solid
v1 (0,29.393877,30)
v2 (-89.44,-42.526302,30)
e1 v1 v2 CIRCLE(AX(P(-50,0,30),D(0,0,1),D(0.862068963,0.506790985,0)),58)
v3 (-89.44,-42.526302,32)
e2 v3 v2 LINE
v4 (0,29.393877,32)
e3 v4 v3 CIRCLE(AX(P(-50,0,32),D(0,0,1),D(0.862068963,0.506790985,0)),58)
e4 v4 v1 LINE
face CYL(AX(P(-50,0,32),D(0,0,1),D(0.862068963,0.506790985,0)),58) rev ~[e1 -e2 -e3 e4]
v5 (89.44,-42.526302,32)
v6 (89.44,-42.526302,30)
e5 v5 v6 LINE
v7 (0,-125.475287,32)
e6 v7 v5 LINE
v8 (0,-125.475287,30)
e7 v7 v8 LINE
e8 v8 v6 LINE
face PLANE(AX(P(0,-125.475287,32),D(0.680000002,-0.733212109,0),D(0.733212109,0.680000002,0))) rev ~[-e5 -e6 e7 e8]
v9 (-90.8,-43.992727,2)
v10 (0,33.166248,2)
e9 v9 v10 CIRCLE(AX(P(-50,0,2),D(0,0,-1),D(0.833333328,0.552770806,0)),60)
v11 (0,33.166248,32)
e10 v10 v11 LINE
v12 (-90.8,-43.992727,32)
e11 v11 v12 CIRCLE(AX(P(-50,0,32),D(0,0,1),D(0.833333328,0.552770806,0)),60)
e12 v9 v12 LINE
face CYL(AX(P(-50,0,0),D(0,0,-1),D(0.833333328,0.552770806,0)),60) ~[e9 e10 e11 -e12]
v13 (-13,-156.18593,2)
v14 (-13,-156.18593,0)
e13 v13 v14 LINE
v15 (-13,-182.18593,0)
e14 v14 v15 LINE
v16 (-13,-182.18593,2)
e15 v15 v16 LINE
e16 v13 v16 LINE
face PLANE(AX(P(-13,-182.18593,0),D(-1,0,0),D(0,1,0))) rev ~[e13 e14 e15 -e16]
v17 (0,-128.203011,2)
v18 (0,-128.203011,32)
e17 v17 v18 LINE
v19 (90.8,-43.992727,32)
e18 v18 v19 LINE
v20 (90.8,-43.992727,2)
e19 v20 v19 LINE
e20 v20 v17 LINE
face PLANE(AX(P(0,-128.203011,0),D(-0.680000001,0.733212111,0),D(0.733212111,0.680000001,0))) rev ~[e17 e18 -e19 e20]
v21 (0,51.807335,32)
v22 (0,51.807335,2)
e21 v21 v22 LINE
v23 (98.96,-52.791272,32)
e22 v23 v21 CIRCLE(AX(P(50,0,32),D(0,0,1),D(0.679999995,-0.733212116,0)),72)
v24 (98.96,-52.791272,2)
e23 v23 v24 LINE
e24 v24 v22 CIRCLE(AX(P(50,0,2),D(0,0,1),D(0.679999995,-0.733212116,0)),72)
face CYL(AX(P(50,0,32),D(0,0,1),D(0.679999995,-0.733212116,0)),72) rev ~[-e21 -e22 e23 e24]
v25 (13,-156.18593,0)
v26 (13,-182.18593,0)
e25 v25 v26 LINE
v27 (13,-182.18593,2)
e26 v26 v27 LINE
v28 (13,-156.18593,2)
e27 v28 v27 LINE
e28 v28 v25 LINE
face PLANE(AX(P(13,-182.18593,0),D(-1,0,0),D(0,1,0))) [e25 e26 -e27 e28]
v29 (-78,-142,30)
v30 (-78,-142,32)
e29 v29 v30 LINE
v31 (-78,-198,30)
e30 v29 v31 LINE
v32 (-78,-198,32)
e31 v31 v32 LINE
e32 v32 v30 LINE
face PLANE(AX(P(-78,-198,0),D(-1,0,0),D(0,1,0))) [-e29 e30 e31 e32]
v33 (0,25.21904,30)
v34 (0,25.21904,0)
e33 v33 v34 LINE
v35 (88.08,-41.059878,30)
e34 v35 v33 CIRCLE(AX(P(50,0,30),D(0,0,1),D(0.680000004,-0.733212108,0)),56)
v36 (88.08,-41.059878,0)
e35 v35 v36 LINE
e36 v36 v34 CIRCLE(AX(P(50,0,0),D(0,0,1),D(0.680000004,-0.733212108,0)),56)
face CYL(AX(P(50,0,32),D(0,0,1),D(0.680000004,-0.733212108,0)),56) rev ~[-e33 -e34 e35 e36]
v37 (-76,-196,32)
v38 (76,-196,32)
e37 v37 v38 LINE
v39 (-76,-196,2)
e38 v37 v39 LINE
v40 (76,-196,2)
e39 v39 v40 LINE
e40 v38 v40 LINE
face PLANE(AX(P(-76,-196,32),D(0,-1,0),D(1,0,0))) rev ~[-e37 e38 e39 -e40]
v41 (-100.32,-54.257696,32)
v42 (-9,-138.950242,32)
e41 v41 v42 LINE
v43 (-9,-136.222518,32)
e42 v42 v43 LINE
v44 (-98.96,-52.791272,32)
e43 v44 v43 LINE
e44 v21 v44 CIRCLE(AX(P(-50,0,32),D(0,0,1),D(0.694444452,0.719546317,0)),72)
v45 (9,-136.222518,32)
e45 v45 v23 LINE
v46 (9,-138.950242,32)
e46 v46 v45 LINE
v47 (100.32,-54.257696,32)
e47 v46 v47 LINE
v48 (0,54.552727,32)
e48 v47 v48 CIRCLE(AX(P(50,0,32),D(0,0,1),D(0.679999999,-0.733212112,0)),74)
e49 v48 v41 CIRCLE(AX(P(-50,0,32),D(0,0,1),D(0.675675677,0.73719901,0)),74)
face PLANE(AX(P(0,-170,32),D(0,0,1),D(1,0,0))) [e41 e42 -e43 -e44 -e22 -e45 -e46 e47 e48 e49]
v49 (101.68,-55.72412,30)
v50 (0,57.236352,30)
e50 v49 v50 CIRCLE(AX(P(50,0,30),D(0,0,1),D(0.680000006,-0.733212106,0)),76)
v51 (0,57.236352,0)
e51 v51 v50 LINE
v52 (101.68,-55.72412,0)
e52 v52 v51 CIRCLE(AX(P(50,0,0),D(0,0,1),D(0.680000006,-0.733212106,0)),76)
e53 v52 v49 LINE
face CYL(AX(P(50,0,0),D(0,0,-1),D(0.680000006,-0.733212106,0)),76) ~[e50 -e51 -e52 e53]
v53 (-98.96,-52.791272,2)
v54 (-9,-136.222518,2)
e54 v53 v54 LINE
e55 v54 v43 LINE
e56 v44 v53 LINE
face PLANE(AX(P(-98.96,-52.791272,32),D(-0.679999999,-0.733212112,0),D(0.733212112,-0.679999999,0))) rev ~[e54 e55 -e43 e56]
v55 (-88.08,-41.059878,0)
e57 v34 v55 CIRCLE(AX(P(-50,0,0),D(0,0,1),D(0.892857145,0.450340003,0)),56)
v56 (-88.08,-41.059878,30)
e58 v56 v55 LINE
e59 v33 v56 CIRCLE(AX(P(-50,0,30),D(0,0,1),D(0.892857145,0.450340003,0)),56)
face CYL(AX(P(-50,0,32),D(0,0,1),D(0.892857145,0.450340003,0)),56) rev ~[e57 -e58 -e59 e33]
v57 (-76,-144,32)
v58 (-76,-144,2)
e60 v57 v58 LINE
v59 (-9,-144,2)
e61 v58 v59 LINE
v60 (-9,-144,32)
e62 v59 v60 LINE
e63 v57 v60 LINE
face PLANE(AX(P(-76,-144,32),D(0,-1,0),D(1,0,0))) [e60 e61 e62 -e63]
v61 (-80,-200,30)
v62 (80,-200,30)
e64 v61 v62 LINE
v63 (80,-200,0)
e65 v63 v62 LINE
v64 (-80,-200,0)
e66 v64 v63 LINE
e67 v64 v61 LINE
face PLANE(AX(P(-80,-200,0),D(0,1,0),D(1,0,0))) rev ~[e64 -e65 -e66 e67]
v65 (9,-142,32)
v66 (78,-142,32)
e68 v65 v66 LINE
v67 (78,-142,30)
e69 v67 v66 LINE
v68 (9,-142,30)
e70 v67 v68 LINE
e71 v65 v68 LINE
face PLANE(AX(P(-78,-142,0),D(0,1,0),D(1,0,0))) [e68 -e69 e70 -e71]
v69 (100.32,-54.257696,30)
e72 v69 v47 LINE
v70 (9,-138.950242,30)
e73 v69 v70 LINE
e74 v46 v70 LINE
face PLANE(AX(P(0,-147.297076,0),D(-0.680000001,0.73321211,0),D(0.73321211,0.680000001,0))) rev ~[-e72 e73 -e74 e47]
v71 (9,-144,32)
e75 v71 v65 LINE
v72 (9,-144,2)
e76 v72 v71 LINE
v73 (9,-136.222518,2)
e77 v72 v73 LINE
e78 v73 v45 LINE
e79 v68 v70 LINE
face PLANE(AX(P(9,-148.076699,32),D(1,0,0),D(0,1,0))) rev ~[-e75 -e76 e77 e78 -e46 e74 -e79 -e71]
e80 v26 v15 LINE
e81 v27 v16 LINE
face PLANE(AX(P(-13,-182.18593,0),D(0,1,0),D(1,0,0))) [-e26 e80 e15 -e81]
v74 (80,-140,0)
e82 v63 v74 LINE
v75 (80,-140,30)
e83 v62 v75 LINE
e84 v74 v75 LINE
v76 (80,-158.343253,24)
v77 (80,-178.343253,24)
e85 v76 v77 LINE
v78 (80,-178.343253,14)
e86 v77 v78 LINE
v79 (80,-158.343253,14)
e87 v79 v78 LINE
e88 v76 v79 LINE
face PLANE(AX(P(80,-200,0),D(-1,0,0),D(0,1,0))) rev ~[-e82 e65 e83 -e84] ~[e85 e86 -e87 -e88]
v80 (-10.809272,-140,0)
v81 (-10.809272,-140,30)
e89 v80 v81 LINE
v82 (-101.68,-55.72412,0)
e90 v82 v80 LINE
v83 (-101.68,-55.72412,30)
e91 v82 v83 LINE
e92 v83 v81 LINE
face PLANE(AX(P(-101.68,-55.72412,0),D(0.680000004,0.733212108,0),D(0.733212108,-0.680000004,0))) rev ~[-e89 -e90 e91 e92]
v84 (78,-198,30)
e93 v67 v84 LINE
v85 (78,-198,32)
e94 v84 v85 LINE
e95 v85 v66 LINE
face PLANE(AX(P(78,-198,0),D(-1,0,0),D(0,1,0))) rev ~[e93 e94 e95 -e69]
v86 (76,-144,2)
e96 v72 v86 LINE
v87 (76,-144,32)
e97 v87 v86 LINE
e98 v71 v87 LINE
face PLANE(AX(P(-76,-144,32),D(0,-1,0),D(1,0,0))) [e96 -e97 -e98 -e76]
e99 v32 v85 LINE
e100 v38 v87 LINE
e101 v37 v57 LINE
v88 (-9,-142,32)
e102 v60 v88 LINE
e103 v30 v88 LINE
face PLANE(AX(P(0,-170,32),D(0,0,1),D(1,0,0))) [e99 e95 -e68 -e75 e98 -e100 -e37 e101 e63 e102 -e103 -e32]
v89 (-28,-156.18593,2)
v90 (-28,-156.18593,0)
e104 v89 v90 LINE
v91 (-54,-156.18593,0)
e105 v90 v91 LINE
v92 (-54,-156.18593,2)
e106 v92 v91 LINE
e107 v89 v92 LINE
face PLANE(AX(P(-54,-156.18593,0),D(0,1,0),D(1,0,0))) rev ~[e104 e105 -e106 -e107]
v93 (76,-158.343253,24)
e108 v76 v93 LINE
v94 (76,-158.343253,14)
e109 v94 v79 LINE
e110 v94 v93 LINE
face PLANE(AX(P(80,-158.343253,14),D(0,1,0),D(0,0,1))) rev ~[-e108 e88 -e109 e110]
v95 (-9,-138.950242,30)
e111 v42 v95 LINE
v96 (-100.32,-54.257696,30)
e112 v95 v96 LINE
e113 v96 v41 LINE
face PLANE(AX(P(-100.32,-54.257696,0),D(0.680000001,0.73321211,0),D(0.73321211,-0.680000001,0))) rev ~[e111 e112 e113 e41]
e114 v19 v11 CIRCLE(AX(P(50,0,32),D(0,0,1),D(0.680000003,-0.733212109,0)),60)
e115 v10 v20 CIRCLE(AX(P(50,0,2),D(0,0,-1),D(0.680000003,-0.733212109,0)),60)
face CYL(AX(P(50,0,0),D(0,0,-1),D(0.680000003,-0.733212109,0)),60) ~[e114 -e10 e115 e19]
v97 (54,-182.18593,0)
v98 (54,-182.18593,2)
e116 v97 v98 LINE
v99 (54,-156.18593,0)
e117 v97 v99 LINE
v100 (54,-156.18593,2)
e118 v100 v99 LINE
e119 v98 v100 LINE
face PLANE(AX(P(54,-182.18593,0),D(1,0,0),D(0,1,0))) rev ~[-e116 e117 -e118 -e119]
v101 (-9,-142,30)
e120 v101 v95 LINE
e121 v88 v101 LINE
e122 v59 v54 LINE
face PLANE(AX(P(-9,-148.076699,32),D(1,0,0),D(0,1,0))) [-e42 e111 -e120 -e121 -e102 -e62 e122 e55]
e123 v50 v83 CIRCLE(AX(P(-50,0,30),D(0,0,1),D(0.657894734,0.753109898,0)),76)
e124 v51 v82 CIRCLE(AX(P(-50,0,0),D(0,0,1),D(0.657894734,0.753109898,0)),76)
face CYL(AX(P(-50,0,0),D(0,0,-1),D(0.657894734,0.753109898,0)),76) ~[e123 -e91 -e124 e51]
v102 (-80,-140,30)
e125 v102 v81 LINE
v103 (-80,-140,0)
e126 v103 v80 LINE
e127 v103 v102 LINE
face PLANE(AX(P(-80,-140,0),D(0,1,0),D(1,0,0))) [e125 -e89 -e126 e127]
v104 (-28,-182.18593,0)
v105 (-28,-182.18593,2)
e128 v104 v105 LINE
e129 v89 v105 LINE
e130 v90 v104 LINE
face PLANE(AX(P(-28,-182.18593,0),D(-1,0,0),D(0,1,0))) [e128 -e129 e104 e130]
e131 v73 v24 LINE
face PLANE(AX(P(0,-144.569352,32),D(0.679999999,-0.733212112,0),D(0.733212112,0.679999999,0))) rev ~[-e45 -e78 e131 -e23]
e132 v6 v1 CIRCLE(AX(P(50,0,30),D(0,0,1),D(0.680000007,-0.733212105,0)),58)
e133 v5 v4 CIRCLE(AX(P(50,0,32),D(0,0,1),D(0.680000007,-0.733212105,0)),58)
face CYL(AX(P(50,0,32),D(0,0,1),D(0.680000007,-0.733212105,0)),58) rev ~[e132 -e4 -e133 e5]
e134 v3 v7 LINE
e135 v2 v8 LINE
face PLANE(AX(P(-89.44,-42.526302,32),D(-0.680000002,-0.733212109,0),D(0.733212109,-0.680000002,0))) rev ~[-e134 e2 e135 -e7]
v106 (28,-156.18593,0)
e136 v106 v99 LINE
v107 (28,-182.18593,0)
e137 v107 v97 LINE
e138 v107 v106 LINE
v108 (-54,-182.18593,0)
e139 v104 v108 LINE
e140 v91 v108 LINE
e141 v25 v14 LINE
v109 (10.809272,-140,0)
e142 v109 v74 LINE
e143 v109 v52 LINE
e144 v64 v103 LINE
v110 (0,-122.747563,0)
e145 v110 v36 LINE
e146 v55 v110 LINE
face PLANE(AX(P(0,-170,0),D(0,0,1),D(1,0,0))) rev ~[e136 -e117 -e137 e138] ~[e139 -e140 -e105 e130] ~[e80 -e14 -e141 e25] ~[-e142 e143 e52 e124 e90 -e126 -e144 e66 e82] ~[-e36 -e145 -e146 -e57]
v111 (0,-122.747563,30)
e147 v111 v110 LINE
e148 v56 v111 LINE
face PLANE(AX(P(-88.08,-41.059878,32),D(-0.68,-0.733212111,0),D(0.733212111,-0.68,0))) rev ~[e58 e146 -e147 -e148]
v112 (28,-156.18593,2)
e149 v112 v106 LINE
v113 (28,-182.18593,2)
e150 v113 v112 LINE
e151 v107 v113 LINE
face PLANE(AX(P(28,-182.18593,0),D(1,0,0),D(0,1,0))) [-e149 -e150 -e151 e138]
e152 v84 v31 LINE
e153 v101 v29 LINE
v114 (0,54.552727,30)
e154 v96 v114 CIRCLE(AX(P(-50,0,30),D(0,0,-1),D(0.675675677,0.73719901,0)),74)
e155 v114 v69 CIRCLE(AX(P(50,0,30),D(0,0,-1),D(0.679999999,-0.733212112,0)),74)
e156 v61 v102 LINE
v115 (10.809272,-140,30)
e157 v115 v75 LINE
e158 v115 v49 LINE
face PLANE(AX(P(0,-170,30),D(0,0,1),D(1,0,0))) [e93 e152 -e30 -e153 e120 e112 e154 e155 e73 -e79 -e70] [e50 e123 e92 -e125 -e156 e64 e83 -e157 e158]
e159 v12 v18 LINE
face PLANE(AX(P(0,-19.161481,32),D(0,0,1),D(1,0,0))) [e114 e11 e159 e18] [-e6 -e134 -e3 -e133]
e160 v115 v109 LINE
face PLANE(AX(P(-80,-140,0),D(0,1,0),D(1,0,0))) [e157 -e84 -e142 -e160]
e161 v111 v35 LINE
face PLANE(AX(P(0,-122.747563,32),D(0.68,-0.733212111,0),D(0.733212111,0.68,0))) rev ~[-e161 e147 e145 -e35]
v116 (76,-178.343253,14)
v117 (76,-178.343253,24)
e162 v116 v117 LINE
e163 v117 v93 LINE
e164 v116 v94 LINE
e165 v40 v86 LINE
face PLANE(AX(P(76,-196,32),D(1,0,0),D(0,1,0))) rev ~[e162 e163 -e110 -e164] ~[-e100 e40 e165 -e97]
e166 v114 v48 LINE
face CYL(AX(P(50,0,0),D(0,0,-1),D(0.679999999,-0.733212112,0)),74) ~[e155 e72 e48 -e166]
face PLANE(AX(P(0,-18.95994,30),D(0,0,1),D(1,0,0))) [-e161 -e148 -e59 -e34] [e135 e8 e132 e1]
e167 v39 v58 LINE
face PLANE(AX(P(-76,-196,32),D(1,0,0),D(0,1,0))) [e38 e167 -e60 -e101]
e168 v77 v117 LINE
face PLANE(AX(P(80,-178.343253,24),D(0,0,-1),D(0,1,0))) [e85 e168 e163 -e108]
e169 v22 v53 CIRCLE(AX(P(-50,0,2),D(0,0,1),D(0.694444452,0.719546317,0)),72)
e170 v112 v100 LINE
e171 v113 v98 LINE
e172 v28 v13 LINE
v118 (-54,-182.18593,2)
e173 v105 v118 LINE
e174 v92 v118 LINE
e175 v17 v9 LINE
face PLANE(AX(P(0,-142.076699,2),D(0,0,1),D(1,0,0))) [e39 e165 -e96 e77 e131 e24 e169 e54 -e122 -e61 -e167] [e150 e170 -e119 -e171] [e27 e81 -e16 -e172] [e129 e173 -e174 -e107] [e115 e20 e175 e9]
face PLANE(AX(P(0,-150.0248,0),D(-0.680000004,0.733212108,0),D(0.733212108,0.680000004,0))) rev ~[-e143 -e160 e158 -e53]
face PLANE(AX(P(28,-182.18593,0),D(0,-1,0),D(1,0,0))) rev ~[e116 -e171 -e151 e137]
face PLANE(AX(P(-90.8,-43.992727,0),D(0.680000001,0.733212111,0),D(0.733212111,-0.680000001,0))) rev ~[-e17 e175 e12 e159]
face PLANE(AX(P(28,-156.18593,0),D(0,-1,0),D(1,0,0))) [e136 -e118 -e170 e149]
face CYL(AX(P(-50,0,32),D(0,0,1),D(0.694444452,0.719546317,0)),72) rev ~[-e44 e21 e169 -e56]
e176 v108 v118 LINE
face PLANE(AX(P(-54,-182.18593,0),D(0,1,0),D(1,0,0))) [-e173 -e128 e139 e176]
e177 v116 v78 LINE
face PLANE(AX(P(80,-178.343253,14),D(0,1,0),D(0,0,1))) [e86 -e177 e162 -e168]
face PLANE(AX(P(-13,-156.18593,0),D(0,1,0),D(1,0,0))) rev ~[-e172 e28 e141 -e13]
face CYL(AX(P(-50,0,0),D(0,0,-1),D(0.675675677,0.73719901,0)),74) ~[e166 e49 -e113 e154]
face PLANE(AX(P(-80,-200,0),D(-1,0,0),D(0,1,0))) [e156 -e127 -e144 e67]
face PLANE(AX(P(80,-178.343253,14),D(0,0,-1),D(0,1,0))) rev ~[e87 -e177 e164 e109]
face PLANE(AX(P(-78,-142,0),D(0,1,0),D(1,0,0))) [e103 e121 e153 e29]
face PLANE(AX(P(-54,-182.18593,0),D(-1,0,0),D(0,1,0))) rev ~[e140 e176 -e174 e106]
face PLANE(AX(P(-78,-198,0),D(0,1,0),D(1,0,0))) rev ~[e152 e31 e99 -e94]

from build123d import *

# Parameters (mm, degrees)
PAD_DEPTH       = 30
PAD003_DEPTH    = 32
POCKET_DEPTH    = 30
PAD004_DEPTH    = 32
POCKET004_DEPTH = 2
POCKET001_DEPTH = 32.001
SKETCH004_W     = 160
SKETCH004_H     = 60
PAD002_DEPTH    = 30
SKETCH005_W     = 156
SKETCH005_H     = 56
PAD005_DEPTH    = 32
SKETCH009_W     = 152
SKETCH009_H     = 52
POCKET006_DEPTH = 30
SKETCH006_W     = 18
SKETCH006_H     = 12
POCKET005_DEPTH = 30
SKETCH010_W     = 20
SKETCH010_H     = 10
POCKET007_DEPTH = 5
SKETCH011_W     = 26
SKETCH011_H     = 26
POCKET008_DEPTH = 2.5


with BuildPart() as part:
    # Sketch001 → Pad (new body)
    with BuildSketch(Plane.XY):
        with BuildLine():
            ThreePointArc((0, 57.236352), (-106.486482, 50.845622), (-101.68, -55.72412))
            Line((-101.68, -55.72412), (0, -150.0248))
            Line((0, -150.0248), (101.68, -55.72412))
            ThreePointArc((101.68, -55.72412), (106.486482, 50.845622), (0, 57.236352))
        make_face()
    extrude(amount=PAD_DEPTH)

    # Sketch002 → Pad003 (join)
    with BuildSketch(Plane.XY):
        with BuildLine():
            ThreePointArc((0, 54.552727), (-104.405447, 50.160217), (-100.32, -54.257696))
            Line((-100.32, -54.257696), (0, -147.297076))
            Line((0, -147.297076), (100.32, -54.257696))
            ThreePointArc((100.32, -54.257696), (104.405447, 50.160217), (0, 54.552727))
        make_face()
    extrude(amount=PAD003_DEPTH)

    # Sketch007 → Pocket (cut)
    with BuildSketch(Plane.XY.offset(32)):
        with BuildLine():
            ThreePointArc((0, 51.807335), (-102.301889, 49.482446), (-98.96, -52.791272))
            Line((-98.96, -52.791272), (0, -144.569352))
            Line((0, -144.569352), (98.96, -52.791272))
            ThreePointArc((98.96, -52.791272), (102.301889, 49.482446), (0, 51.807335))
        make_face()
    extrude(amount=-POCKET_DEPTH, mode=Mode.SUBTRACT)

    # Sketch008 → Pad004 (join)
    with BuildSketch(Plane.XY):
        with BuildLine():
            ThreePointArc((0, 33.166248), (-88.852758, 45.721583), (-90.8, -43.992727))
            Line((-90.8, -43.992727), (0, -128.203011))
            Line((0, -128.203011), (90.8, -43.992727))
            ThreePointArc((90.8, -43.992727), (88.852758, 45.721583), (0, 33.166248))
        make_face()
    extrude(amount=PAD004_DEPTH)

    # Sketch003 → Pocket004 (cut)
    with BuildSketch(Plane.XY.offset(32)):
        with BuildLine():
            ThreePointArc((0, 29.393877), (-86.345652, 45.199486), (-89.44, -42.526302))
            Line((-89.44, -42.526302), (0, -125.475287))
            Line((0, -125.475287), (89.44, -42.526302))
            ThreePointArc((89.44, -42.526302), (86.345652, 45.199486), (0, 29.393877))
        make_face()
    extrude(amount=-POCKET004_DEPTH, mode=Mode.SUBTRACT)

    # Sketch → Pocket001 (cut, through all)
    with BuildSketch(Plane.XY.offset(32)):
        with BuildLine():
            ThreePointArc((0, 25.21904), (-83.671135, 44.74656), (-88.08, -41.059878))
            Line((-88.08, -41.059878), (0, -122.747563))
            Line((0, -122.747563), (88.08, -41.059878))
            ThreePointArc((88.08, -41.059878), (83.671135, 44.74656), (0, 25.21904))
        make_face()
    extrude(amount=-POCKET001_DEPTH, mode=Mode.SUBTRACT)

    # Sketch004 → Pad002 (join)
    with BuildSketch(Plane.XY):
        with Locations((0, -170)):
            Rectangle(SKETCH004_W, SKETCH004_H)
    extrude(amount=PAD002_DEPTH)

    # Sketch005 → Pad005 (join)
    with BuildSketch(Plane.XY):
        with Locations((0, -170)):
            Rectangle(SKETCH005_W, SKETCH005_H)
    extrude(amount=PAD005_DEPTH)

    # Sketch009 → Pocket006 (cut)
    with BuildSketch(Plane.XY.offset(32)):
        with Locations((0, -170)):
            Rectangle(SKETCH009_W, SKETCH009_H)
    extrude(amount=-POCKET006_DEPTH, mode=Mode.SUBTRACT)

    # Sketch006 → Pocket005 (cut)
    with BuildSketch(Plane.XY.offset(32)):
        with Locations((0, -142.076699)):
            Rectangle(SKETCH006_W, SKETCH006_H)
    extrude(amount=-POCKET005_DEPTH, mode=Mode.SUBTRACT)

    # Sketch010 → Pocket007 (cut, symmetric)
    with BuildSketch(Plane.YZ.offset(80)):
        with Locations((-168.343253, 19)):
            Rectangle(SKETCH010_W, SKETCH010_H)
    extrude(amount=POCKET007_DEPTH, both=True, mode=Mode.SUBTRACT)

    # Sketch011 → Pocket008 (cut, symmetric)
    with BuildSketch(Plane.XY):
        with Locations((-41, -169.18593)):
            Rectangle(SKETCH011_W, SKETCH011_H)
        with Locations((0, -169.18593)):
            Rectangle(SKETCH011_W, SKETCH011_H)
        with Locations((41, -169.18593)):
            Rectangle(SKETCH011_W, SKETCH011_H)
    extrude(amount=POCKET008_DEPTH, both=True, mode=Mode.SUBTRACT)


solid = part.part
